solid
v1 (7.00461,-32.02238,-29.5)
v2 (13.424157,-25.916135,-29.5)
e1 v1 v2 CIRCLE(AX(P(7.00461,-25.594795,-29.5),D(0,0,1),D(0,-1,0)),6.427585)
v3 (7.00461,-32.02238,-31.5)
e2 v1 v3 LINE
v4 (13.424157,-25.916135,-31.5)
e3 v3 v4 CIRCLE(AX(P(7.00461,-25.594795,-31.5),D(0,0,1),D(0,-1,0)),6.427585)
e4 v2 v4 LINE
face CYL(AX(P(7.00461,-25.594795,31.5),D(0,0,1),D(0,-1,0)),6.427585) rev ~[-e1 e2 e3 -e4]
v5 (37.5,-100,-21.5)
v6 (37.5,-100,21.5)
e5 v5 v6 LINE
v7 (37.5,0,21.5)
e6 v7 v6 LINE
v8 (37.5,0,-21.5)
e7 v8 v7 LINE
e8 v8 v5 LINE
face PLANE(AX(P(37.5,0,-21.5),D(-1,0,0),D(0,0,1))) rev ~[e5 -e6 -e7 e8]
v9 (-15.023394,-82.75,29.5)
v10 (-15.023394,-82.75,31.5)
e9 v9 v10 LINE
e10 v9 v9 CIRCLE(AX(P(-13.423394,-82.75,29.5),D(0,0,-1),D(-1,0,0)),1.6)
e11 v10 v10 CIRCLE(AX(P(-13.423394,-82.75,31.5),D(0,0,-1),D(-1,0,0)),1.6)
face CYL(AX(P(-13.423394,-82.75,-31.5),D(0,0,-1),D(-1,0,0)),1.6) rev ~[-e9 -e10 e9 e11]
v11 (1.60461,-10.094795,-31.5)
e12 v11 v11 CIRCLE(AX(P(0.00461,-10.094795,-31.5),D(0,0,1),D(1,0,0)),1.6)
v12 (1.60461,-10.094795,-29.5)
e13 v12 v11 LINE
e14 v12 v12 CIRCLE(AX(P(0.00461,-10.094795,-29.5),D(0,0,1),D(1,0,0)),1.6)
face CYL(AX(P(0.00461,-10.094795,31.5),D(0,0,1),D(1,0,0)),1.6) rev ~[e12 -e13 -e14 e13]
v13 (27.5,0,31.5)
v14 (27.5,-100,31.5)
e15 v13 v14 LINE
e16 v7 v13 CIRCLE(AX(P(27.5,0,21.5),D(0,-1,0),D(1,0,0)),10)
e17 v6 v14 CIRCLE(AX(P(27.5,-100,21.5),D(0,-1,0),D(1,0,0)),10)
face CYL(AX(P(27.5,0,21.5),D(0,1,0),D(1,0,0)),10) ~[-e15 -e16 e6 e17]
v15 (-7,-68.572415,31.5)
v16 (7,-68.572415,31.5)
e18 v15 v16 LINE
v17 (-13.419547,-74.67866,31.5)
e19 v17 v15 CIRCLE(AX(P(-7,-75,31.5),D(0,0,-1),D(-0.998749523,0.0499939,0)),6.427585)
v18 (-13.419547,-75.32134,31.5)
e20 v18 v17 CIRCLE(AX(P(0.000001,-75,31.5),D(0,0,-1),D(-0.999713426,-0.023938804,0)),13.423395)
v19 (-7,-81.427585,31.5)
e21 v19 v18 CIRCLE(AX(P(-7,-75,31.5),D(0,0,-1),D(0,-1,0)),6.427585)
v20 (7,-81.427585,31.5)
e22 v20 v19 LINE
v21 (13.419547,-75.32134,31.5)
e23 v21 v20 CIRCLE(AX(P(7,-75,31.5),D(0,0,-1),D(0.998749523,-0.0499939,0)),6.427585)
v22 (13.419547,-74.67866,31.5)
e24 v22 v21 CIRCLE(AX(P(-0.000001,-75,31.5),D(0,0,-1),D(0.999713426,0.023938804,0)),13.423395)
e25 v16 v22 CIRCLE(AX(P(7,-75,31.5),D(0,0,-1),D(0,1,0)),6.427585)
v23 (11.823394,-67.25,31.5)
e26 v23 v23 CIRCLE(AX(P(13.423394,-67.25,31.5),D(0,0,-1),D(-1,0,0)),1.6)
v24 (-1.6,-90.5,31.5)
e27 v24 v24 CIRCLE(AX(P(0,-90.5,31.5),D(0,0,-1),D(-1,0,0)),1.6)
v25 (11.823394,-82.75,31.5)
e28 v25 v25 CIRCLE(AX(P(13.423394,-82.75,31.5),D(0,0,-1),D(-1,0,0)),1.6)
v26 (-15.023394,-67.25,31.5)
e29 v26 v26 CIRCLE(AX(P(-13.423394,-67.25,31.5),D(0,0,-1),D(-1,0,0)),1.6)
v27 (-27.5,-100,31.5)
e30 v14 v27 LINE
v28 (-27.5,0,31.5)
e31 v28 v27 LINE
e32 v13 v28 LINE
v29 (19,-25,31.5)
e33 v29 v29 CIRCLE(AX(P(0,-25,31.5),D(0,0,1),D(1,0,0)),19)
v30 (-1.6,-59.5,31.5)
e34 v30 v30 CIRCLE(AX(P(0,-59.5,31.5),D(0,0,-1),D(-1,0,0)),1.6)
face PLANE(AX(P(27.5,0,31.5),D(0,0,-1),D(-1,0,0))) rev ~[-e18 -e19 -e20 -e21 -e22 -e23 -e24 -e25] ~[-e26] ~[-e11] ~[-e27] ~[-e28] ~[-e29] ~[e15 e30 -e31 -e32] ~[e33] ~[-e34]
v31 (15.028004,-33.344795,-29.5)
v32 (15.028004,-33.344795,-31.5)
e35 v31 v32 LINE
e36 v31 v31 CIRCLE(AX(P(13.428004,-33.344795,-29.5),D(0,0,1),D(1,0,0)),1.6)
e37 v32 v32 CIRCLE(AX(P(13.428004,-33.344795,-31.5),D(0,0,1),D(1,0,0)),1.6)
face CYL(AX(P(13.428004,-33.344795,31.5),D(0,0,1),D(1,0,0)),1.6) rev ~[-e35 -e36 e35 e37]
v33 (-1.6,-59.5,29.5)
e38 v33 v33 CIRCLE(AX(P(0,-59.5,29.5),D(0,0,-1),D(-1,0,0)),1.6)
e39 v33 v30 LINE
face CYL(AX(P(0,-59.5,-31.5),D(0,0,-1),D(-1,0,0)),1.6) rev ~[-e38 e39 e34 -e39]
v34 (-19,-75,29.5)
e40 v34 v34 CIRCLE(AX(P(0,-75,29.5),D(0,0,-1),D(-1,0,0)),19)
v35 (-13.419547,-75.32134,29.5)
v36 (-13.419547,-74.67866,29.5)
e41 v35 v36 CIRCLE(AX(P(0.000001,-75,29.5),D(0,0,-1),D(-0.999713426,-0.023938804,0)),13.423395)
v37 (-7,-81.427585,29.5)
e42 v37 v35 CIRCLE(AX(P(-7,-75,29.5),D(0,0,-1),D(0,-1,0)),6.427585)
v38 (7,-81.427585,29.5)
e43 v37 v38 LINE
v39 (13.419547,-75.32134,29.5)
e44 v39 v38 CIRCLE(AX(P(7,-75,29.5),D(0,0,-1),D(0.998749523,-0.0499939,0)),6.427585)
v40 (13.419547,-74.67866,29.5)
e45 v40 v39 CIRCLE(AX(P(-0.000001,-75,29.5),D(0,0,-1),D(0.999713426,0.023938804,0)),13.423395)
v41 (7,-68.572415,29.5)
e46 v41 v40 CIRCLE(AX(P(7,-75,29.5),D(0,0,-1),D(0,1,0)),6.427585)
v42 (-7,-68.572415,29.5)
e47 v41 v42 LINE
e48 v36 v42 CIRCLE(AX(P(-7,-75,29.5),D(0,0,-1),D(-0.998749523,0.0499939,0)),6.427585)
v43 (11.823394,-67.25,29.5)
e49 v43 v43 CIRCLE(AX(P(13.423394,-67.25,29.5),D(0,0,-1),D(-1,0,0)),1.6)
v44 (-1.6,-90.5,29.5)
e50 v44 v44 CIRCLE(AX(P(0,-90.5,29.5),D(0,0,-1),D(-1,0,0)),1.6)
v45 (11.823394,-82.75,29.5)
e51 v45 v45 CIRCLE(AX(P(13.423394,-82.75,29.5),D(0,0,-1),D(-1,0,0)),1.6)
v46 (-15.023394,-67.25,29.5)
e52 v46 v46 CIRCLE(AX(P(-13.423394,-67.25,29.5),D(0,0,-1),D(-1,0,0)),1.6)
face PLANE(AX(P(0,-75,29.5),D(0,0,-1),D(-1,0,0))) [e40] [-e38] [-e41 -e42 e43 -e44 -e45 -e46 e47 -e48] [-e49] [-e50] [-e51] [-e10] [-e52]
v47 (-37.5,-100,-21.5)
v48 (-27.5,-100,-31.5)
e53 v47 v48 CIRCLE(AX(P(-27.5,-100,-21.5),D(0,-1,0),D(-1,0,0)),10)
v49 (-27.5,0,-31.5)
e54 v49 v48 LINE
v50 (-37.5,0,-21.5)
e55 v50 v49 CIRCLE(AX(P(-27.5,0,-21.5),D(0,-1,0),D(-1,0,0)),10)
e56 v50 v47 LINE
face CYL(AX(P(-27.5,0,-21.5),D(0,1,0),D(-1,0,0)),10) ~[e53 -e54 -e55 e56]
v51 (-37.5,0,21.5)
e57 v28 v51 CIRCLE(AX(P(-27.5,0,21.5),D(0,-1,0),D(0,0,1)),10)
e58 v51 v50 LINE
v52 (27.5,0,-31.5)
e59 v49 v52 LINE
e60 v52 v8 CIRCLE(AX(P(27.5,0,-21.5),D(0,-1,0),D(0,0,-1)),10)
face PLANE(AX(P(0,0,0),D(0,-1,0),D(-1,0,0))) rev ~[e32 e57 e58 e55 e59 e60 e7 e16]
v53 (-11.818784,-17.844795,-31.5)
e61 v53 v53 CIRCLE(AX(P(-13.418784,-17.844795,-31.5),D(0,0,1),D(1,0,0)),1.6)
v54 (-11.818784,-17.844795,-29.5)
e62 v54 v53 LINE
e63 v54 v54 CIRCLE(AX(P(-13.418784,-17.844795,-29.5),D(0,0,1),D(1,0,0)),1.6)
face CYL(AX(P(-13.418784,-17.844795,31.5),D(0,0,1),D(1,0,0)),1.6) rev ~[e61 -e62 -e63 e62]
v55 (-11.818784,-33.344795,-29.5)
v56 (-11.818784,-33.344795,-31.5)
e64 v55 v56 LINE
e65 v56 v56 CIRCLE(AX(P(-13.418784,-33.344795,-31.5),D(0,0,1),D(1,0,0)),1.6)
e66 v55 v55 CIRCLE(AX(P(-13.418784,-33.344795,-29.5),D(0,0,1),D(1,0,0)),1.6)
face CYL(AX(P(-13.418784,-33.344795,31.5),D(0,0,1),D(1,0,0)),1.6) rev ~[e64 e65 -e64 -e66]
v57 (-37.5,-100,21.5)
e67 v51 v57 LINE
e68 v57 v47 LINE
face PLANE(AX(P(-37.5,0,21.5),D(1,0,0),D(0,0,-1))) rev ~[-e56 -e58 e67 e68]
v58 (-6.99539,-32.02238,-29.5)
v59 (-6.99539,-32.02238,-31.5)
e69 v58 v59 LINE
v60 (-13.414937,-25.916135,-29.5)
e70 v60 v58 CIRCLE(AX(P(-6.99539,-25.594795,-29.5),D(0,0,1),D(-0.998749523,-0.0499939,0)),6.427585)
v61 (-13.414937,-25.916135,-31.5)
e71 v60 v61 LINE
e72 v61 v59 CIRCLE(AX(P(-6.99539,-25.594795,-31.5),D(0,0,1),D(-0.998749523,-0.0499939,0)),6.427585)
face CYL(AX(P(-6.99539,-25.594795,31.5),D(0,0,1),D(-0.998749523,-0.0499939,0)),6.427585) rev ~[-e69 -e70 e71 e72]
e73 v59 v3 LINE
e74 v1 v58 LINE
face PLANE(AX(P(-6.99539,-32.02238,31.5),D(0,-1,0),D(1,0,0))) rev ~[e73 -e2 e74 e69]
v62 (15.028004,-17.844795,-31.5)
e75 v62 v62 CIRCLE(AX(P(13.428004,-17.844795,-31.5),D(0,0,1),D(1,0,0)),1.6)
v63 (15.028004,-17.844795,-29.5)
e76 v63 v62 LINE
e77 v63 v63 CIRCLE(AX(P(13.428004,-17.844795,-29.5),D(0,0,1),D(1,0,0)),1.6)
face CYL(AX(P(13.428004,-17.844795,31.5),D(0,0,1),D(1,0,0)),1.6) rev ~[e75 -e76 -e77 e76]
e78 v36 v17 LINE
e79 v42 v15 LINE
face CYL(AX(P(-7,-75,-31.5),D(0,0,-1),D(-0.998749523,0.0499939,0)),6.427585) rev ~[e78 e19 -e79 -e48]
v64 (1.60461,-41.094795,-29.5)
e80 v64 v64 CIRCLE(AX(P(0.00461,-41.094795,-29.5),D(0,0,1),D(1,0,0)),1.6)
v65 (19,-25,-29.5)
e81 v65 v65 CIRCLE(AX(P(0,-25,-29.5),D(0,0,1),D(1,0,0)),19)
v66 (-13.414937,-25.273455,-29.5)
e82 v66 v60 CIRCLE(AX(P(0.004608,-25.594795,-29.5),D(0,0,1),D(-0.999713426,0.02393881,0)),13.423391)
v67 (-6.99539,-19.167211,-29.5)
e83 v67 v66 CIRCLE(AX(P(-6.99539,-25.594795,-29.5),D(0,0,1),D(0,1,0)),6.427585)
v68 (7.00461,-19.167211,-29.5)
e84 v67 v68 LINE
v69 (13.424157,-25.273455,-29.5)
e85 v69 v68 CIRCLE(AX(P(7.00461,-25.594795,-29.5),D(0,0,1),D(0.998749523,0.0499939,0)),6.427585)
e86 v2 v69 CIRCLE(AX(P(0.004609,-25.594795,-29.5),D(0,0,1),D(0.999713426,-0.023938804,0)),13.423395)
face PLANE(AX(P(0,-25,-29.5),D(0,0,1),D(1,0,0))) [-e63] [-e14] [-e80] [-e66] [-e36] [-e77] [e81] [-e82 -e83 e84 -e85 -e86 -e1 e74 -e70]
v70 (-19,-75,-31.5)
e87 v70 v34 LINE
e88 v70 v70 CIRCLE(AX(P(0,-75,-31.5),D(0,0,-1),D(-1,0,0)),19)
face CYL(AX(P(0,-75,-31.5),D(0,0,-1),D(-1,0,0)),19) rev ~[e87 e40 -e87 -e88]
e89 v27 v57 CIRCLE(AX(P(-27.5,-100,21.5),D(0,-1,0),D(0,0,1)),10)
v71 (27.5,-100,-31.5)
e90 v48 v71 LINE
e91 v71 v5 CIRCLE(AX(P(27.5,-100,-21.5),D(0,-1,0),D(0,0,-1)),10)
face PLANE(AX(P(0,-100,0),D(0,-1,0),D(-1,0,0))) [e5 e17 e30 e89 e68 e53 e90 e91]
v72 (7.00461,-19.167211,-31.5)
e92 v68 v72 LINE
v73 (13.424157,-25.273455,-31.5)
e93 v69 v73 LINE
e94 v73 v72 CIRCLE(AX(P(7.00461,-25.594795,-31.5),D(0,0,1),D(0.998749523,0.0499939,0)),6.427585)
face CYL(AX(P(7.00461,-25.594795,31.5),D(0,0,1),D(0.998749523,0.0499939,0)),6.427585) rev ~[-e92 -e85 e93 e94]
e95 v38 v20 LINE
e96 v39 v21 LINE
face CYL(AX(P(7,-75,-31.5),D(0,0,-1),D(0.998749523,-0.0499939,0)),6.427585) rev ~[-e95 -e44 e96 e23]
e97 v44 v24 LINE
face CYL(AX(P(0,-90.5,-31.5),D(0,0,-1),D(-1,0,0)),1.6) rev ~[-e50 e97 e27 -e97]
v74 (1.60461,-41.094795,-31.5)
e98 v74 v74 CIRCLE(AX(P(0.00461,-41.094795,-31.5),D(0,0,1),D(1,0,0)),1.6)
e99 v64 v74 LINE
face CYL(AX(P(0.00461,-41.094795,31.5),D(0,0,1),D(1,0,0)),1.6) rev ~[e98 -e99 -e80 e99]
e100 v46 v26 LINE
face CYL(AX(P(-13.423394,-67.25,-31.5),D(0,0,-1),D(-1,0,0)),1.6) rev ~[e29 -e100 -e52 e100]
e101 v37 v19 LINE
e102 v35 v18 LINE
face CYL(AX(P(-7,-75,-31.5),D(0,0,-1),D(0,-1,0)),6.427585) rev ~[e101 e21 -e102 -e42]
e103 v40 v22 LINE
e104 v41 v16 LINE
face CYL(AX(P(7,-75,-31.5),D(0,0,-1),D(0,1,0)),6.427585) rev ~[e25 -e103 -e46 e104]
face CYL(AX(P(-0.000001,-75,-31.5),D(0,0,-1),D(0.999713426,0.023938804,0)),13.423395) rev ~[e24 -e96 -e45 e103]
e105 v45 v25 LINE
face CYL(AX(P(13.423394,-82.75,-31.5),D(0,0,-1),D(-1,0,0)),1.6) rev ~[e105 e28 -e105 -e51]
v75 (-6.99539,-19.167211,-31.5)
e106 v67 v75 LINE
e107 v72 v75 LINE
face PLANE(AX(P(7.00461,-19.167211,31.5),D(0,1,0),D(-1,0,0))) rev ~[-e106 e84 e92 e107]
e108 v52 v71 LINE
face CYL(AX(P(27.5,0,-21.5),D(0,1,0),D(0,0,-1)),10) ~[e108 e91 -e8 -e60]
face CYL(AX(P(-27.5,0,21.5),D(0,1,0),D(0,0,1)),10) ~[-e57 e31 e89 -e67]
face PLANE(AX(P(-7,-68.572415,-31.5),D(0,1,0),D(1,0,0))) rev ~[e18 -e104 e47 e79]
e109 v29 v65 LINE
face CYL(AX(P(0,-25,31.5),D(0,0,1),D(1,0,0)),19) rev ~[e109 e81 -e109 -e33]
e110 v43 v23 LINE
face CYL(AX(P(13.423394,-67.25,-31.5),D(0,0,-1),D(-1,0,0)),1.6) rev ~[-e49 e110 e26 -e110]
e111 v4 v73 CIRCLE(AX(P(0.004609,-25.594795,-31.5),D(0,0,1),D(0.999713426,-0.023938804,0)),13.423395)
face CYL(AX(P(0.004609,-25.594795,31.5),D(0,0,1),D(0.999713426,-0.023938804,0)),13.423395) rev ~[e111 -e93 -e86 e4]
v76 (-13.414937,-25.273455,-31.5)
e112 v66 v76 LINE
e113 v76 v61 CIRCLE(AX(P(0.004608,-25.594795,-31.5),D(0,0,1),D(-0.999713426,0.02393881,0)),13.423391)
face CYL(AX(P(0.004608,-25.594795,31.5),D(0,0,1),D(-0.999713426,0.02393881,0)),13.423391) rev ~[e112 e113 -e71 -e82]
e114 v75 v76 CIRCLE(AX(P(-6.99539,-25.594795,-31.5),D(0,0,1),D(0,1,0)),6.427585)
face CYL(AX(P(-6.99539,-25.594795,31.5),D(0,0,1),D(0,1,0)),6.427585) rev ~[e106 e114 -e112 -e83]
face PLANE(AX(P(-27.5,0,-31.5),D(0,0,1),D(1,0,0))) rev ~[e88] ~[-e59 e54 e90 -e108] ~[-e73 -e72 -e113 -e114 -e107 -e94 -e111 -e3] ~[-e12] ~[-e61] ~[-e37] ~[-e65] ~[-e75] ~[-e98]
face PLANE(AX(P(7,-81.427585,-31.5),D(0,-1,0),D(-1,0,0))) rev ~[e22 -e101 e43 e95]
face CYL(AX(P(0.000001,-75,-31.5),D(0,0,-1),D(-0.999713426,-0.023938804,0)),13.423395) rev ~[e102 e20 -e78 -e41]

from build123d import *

# Parameters (mm, degrees)
EXTRUDE_1_DEPTH      = 100
SKETCH_4_R           = 1.6
CUT_EXTRUDE_7_DEPTH  = 124.99697577
SKETCH_7_R           = 19
CUT_EXTRUDE_8_DEPTH  = 61
SKETCH_3_R           = 1.6
CUT_EXTRUDE_9_DEPTH  = 124.99697577
SKETCH_5_R           = 19
CUT_EXTRUDE_10_DEPTH = 61


with BuildPart() as part:
    # 草图1 → 凸台-拉伸1 (new body)
    with BuildSketch(Plane(origin=(0, 0, 0), x_dir=(1, 0, 0), z_dir=(0, 1, 0))):
        with BuildLine():
            Line((-27.5, 31.5), (27.5, 31.5))
            ThreePointArc((27.5, 31.5), (34.571067812, 28.571067812), (37.5, 21.5))
            Line((37.5, 21.5), (37.5, -21.5))
            ThreePointArc((37.5, -21.5), (34.571067812, -28.571067812), (27.5, -31.5))
            Line((27.5, -31.5), (-27.5, -31.5))
            ThreePointArc((-27.5, -31.5), (-34.571067812, -28.571067812), (-37.5, -21.5))
            Line((-37.5, -21.5), (-37.5, 21.5))
            ThreePointArc((-37.5, 21.5), (-34.571067812, 28.571067812), (-27.5, 31.5))
        make_face()
    extrude(amount=-EXTRUDE_1_DEPTH)

    # 草图4 → 切除-拉伸7 (cut, through all)
    with BuildSketch(Plane(origin=(0, 0, -31.5), x_dir=(-1, 0, 0), z_dir=(0, 0, -1))):
        with Locations((0, -90.500000002)):
            Circle(SKETCH_4_R)
        with Locations((13.42339376, -82.750000001)):
            Circle(SKETCH_4_R)
        with BuildLine():
            ThreePointArc((7, -81.427584506), (11.429921133, -79.657213904), (13.419546961, -75.321340016))
            ThreePointArc((13.419546961, -75.321340016), (13.42339376, -75), (13.419546961, -74.678659984))
            ThreePointArc((13.419546961, -74.678659984), (11.429921133, -70.342786096), (7, -68.572415494))
            Line((7, -68.572415494), (-7, -68.572415494))
            ThreePointArc((-7, -68.572415494), (-11.429921133, -70.342786096), (-13.419546961, -74.678659984))
            ThreePointArc((-13.419546961, -74.678659984), (-13.42339376, -75), (-13.419546961, -75.321340016))
            ThreePointArc((-13.419546961, -75.321340016), (-11.429921133, -79.657213904), (-7, -81.427584506))
            Line((-7, -81.427584506), (7, -81.427584506))
        make_face()
        with Locations((-13.42339376, -82.750000001)):
            Circle(SKETCH_4_R)
        with Locations((13.42339376, -67.249999999)):
            Circle(SKETCH_4_R)
        with Locations((-13.42339376, -67.249999999)):
            Circle(SKETCH_4_R)
        with Locations((0, -59.499999998)):
            Circle(SKETCH_4_R)
    extrude(amount=-CUT_EXTRUDE_7_DEPTH, mode=Mode.SUBTRACT)

    # 草图7 → 切除-拉伸8 (cut)
    with BuildSketch(Plane(origin=(0, 0, -31.5), x_dir=(-1, 0, 0), z_dir=(0, 0, -1))):
        with Locations((0, -75)):
            Circle(SKETCH_7_R)
    extrude(amount=-CUT_EXTRUDE_8_DEPTH, mode=Mode.SUBTRACT)

    # 草图3 → 切除-拉伸9 (cut, through all)
    with BuildSketch(Plane.XY.offset(31.5)):
        with Locations((0.004610011, -41.094795393)):
            Circle(SKETCH_3_R)
        with Locations((13.428003771, -33.344795392)):
            Circle(SKETCH_3_R)
        with BuildLine():
            ThreePointArc((7.004610011, -32.022379898), (11.434531144, -30.252009295), (13.424156972, -25.916135407))
            ThreePointArc((13.424156972, -25.916135407), (13.428003771, -25.594795392), (13.424156972, -25.273455376))
            ThreePointArc((13.424156972, -25.273455376), (11.434531144, -20.937581488), (7.004610011, -19.167210885))
            Line((7.004610011, -19.167210885), (-6.995389989, -19.167210885))
            ThreePointArc((-6.995389989, -19.167210885), (-11.425311121, -20.937581488), (-13.414936949, -25.273455376))
            ThreePointArc((-13.414936949, -25.273455376), (-13.418783749, -25.594795392), (-13.414936949, -25.916135407))
            ThreePointArc((-13.414936949, -25.916135407), (-11.425311121, -30.252009295), (-6.995389989, -32.022379898))
            Line((-6.995389989, -32.022379898), (7.004610011, -32.022379898))
        make_face()
        with Locations((-13.418783749, -33.344795392)):
            Circle(SKETCH_3_R)
        with Locations((13.428003771, -17.844795391)):
            Circle(SKETCH_3_R)
        with Locations((-13.418783749, -17.844795391)):
            Circle(SKETCH_3_R)
        with Locations((0.004610011, -10.09479539)):
            Circle(SKETCH_3_R)
    extrude(amount=-CUT_EXTRUDE_9_DEPTH, mode=Mode.SUBTRACT)

    # 草图5 → 切除-拉伸10 (cut)
    with BuildSketch(Plane.XY.offset(31.5)):
        with Locations((0, -25)):
            Circle(SKETCH_5_R)
    extrude(amount=-CUT_EXTRUDE_10_DEPTH, mode=Mode.SUBTRACT)


solid = part.part
